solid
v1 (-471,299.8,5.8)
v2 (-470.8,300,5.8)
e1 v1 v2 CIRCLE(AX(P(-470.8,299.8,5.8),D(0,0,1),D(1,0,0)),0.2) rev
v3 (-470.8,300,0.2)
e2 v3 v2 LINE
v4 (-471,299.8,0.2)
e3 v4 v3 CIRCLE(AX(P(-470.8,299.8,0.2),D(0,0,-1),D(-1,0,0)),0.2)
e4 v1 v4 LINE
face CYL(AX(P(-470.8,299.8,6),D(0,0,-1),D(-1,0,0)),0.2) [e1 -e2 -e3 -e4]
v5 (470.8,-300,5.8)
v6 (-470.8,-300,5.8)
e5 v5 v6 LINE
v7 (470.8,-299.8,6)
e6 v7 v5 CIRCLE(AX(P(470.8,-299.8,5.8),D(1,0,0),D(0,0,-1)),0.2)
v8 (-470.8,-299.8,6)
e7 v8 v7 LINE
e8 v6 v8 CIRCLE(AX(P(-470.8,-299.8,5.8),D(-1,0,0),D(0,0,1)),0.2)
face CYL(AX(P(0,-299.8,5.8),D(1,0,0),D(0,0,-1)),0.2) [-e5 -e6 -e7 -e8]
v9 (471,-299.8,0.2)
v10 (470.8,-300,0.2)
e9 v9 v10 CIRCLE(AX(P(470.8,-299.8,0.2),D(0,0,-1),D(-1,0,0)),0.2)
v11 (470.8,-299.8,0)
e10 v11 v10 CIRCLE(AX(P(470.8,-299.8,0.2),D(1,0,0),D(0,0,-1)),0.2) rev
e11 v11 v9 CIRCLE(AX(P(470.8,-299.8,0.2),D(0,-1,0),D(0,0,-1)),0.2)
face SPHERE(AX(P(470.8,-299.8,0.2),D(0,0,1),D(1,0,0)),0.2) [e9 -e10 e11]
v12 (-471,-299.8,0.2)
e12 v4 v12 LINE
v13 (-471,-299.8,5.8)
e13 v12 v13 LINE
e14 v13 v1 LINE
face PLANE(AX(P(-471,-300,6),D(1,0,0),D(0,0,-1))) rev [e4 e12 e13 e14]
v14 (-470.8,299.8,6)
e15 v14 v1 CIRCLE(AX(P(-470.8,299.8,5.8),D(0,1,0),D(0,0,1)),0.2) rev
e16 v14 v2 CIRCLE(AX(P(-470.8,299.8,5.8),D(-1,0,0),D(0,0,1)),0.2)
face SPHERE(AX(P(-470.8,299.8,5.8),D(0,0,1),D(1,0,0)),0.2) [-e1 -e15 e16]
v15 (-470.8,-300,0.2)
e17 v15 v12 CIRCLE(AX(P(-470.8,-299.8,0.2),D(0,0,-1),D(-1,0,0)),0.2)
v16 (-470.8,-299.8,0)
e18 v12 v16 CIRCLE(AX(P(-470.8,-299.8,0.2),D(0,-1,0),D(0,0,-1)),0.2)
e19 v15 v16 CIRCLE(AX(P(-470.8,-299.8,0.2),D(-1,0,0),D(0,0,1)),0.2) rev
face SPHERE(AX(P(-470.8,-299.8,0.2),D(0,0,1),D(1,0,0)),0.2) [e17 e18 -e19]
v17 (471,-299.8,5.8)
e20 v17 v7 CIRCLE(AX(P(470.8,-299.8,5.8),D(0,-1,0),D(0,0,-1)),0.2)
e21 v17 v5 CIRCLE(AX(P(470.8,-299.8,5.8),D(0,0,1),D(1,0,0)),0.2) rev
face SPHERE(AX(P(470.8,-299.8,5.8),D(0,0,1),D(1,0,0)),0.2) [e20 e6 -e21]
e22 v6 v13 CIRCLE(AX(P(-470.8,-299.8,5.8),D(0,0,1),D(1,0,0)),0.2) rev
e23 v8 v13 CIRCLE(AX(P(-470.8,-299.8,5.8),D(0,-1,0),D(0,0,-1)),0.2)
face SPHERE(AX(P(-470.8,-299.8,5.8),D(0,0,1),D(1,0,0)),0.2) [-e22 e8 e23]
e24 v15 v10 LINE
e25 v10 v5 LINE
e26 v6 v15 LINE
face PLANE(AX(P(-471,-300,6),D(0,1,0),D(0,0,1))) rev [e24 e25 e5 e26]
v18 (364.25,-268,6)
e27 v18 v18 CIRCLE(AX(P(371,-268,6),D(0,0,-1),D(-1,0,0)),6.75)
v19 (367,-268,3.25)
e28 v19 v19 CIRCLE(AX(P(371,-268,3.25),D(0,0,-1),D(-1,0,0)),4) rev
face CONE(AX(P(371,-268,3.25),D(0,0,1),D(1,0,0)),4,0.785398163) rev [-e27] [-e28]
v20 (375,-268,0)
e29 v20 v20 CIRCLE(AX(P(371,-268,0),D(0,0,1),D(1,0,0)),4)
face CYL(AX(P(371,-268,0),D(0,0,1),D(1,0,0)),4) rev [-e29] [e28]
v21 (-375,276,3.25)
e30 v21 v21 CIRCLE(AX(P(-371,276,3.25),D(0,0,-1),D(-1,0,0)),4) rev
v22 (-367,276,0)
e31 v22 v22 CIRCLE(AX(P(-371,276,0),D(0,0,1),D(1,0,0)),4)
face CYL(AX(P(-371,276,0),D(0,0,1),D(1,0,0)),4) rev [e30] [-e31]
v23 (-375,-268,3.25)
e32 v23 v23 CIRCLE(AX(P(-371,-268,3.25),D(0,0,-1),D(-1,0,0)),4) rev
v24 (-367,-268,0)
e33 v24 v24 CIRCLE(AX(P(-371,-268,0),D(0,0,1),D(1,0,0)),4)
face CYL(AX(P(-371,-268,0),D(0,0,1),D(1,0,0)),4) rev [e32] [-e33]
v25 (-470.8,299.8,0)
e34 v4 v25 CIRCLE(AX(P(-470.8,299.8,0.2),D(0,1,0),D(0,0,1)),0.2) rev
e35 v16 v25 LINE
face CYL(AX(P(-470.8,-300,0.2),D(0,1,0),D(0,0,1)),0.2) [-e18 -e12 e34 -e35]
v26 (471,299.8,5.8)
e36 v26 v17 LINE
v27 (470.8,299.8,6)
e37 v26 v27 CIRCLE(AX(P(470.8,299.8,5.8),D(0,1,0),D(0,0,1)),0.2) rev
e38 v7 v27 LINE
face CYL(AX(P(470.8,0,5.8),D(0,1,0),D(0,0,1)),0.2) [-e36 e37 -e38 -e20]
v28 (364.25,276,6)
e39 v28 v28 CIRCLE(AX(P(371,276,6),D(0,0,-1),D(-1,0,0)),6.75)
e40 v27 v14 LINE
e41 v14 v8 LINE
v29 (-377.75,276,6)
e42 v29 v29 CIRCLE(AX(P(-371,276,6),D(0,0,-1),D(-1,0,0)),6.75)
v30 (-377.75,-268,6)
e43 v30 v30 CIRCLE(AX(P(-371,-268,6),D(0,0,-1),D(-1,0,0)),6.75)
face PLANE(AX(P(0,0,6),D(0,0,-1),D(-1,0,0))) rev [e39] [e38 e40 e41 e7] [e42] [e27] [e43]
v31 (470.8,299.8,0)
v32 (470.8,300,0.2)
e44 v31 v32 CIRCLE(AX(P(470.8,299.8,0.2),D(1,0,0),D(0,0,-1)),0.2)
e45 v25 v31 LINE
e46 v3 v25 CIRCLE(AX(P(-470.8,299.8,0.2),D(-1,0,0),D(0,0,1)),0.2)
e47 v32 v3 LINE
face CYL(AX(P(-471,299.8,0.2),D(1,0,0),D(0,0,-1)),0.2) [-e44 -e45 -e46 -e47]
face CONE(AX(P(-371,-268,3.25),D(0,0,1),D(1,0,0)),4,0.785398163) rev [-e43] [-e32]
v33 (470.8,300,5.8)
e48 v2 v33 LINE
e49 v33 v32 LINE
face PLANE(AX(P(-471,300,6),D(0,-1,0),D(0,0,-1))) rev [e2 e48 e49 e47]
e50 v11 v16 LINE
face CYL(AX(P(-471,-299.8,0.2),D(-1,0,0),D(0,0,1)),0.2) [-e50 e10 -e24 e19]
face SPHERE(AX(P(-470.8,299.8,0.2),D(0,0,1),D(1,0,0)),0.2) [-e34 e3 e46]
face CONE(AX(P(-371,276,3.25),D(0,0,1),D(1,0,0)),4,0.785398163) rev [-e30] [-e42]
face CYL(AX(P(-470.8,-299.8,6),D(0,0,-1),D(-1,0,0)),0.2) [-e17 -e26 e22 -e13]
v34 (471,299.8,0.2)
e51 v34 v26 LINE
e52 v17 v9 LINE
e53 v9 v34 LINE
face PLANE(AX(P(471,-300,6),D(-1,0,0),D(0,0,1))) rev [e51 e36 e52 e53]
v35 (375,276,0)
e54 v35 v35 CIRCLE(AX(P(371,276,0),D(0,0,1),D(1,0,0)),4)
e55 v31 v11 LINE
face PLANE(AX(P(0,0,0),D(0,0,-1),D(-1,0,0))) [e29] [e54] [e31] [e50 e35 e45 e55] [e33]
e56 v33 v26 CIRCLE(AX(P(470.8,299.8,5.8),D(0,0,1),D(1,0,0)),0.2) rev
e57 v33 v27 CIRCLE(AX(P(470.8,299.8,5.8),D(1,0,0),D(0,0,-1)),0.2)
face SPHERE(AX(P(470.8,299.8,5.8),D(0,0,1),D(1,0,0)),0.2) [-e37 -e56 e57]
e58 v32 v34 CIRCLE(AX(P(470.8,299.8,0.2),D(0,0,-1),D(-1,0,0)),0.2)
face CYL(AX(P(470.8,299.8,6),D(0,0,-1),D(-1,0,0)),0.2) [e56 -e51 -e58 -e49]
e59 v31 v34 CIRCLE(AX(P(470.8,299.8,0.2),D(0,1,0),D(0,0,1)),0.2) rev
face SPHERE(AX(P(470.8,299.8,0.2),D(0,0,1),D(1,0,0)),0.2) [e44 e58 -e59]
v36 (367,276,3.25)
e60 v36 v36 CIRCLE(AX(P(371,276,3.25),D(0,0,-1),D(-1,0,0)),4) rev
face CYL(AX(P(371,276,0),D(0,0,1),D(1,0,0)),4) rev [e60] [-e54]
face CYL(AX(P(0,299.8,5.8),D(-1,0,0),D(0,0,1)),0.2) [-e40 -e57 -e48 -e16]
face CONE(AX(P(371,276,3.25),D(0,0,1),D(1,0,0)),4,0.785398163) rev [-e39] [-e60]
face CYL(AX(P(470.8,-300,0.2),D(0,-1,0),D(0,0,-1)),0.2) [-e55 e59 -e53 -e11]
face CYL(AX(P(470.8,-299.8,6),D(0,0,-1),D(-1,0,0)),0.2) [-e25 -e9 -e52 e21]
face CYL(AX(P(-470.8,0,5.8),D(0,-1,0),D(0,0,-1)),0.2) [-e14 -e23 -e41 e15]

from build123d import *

# Parameters (mm, degrees)
SKETCH1_W           = 942
SKETCH1_H           = 600
BOSS_EXTRUDE1_DEPTH = 6
SKETCH2_R           = 4
CUT_EXTRUDE1_DEPTH  = 7
CHAMFER1_SIZE       = 2.75
FILLET1_R           = 0.2


with BuildPart() as part:
    # Sketch1 → Boss-Extrude1 (new body)
    with BuildSketch(Plane.XY):
        Rectangle(SKETCH1_W, SKETCH1_H)
    extrude(amount=BOSS_EXTRUDE1_DEPTH)

    # Sketch2 → Cut-Extrude1 (cut, through all)
    with BuildSketch(Plane.XY.offset(6)):
        with Locations((-371, 276)):
            Circle(SKETCH2_R)
        with Locations((371, 276)):
            Circle(SKETCH2_R)
        with Locations((371, -268)):
            Circle(SKETCH2_R)
        with Locations((-371, -268)):
            Circle(SKETCH2_R)
    extrude(amount=-CUT_EXTRUDE1_DEPTH, mode=Mode.SUBTRACT)

    # Chamfer1
    chamfer1_edges = [part.edges().sort_by_distance(p)[0] for p in [
        (-375, 276, 6),
        (367, 276, 6),
        (367, -268, 6),
        (-375, -268, 6),
    ]]
    chamfer(chamfer1_edges, length=CHAMFER1_SIZE)

    # Fillet1
    fillet1_edges = [part.edges().sort_by_distance(p)[0] for p in [
        (-471, 0, 6),
        (0, -300, 6),
        (471, 0, 6),
        (0, -300, 0),
        (-471, 0, 0),
        (0, 300, 0),
        (471, 0, 0),
        (0, 300, 6),
        (471, -300, 3),
        (-471, -300, 3),
        (-471, 300, 3),
        (471, 300, 3),
    ]]
    fillet(fillet1_edges, radius=FILLET1_R)


solid = part.part
